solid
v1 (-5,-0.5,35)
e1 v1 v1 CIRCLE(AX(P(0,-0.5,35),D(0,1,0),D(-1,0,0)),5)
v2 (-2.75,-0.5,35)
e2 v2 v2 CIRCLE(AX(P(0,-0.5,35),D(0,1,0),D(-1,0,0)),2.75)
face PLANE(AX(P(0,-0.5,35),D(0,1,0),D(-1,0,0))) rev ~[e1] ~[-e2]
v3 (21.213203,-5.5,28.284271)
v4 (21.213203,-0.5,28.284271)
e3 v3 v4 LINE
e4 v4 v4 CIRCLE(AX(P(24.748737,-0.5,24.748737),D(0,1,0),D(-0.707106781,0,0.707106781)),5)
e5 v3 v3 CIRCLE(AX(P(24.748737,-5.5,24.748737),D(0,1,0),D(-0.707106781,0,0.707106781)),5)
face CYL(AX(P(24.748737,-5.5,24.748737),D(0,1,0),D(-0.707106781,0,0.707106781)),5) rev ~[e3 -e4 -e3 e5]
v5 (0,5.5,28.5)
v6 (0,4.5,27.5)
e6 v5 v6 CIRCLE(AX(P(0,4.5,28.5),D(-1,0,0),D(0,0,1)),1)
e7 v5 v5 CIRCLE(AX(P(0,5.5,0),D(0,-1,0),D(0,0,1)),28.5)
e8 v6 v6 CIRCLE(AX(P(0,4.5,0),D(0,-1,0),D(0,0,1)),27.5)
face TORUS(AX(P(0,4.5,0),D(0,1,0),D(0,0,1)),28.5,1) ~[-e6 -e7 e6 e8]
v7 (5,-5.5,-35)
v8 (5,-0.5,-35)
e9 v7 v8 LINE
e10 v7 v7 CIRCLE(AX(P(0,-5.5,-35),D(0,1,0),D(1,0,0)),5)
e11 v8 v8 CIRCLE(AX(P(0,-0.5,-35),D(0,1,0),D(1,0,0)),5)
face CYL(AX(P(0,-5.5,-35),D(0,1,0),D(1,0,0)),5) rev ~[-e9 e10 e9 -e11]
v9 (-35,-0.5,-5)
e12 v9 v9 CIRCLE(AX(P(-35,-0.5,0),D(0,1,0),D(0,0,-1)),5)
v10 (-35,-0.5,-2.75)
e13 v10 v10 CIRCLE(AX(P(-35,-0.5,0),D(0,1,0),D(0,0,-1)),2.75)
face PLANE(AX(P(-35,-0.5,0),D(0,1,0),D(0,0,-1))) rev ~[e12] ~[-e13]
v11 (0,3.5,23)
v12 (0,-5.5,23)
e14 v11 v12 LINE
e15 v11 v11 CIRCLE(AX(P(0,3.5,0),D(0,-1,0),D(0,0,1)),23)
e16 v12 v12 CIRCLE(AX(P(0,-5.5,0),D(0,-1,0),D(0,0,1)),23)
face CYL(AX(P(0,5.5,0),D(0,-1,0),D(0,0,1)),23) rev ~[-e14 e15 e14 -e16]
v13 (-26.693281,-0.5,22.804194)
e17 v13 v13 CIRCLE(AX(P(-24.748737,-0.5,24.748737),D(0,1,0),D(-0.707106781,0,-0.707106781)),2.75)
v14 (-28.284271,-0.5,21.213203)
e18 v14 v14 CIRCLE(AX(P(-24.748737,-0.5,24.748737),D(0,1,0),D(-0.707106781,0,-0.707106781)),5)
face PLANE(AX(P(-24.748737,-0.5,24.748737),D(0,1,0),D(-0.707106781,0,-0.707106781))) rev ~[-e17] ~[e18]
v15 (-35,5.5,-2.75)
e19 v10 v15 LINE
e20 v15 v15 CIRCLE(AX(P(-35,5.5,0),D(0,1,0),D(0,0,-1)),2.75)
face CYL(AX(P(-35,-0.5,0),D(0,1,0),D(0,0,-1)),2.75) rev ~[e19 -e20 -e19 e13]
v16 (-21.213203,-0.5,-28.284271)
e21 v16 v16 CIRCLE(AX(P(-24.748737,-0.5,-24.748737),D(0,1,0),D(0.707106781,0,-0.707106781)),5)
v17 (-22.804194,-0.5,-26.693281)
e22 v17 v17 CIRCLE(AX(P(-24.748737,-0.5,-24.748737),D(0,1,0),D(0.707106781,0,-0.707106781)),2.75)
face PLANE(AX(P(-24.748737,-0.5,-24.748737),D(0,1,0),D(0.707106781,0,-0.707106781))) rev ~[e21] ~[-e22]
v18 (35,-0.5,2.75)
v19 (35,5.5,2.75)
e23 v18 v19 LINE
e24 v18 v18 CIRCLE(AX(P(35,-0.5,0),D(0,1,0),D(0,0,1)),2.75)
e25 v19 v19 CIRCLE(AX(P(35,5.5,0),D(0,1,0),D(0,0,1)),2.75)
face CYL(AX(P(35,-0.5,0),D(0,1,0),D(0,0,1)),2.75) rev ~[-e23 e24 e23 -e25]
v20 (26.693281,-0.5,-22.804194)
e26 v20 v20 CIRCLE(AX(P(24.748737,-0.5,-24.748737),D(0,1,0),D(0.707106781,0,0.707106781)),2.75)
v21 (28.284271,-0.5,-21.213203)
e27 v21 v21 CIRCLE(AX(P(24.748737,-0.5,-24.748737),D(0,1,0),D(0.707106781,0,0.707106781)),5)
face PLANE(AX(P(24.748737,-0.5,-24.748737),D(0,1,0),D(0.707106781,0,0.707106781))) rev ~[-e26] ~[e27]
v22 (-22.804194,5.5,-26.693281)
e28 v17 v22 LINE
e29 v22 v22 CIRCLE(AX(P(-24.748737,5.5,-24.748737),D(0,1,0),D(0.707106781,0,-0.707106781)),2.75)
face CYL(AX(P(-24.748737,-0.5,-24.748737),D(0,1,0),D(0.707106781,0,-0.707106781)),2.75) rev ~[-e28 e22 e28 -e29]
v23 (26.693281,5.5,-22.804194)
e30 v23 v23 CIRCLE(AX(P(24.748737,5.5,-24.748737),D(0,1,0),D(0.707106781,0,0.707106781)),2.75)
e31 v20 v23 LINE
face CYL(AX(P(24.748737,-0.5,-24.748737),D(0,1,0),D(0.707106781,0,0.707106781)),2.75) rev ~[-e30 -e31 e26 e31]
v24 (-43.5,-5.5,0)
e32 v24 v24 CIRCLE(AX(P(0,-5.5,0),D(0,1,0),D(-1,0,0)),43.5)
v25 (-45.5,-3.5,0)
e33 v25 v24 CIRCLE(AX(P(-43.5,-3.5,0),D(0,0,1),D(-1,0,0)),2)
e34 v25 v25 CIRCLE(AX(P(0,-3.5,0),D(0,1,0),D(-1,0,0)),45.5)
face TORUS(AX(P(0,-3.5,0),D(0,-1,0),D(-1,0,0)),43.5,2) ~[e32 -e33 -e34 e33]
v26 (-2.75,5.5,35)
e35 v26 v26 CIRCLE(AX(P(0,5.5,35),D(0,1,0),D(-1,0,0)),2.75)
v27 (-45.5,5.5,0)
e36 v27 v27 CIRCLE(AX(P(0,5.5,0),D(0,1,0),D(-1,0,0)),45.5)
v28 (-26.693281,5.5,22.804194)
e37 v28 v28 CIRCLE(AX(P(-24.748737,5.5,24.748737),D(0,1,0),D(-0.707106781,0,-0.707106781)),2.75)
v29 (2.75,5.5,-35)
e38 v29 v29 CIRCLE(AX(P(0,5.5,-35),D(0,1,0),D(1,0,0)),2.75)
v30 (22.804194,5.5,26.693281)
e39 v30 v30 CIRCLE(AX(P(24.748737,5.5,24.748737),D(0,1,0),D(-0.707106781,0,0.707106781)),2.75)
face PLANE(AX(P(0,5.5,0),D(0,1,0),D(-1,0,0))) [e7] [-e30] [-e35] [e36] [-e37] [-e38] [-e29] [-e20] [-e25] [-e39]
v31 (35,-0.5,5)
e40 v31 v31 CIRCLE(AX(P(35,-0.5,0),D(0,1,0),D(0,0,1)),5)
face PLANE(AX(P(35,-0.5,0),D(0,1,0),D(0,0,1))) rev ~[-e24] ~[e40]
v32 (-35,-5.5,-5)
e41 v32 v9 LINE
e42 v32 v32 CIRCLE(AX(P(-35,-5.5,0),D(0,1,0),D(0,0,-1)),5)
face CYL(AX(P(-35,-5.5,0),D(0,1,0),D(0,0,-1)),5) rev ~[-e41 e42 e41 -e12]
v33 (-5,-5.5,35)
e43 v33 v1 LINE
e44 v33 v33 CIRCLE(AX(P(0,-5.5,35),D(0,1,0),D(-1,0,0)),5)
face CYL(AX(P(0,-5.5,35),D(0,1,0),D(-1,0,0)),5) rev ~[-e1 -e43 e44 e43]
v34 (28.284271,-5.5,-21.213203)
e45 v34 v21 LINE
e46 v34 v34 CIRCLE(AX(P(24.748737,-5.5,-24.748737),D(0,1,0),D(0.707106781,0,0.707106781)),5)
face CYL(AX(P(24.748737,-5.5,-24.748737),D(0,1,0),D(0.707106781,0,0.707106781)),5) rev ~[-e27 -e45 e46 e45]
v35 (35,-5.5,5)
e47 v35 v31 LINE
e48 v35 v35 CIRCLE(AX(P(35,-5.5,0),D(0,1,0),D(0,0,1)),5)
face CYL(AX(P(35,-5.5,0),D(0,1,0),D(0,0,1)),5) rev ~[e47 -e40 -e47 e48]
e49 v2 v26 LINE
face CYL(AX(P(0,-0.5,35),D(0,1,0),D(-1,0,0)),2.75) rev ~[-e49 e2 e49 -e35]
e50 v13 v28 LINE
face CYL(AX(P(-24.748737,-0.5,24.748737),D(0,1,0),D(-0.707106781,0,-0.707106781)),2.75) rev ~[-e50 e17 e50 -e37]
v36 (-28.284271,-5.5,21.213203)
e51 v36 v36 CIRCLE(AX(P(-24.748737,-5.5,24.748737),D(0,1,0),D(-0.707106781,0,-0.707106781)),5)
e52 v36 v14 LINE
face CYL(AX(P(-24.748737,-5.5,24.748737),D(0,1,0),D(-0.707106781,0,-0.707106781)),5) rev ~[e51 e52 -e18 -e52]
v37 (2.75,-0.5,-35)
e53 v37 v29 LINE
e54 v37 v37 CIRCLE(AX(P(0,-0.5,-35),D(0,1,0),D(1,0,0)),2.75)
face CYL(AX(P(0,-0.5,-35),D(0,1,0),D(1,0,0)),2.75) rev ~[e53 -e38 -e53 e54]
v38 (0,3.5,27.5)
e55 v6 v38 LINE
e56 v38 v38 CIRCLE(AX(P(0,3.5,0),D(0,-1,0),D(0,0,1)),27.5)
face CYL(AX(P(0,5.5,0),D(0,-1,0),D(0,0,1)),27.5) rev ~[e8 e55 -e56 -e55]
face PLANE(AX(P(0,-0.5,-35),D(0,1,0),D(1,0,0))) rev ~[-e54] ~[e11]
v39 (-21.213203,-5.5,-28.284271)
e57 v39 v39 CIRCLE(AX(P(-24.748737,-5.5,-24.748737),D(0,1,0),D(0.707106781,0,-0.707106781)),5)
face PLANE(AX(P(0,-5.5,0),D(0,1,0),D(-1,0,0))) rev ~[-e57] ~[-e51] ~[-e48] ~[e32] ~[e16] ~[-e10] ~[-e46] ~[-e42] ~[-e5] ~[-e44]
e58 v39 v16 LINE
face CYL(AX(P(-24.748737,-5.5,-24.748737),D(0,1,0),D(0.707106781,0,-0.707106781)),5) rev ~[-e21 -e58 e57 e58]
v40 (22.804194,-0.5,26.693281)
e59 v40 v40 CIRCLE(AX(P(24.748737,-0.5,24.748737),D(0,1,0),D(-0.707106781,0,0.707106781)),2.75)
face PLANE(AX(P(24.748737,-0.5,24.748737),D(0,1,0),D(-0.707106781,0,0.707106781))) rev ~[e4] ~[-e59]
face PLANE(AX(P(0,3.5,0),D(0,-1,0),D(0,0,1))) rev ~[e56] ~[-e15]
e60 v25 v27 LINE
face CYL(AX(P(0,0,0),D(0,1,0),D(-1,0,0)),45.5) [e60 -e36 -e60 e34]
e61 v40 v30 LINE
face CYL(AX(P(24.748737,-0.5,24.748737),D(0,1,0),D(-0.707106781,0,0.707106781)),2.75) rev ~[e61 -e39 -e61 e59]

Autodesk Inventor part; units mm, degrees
ref_plane "YZ Plane" through (0, 0, 0) normal (1, 0, 0) x (0, 1, 0)
ref_plane "XZ Plane" through (0, 0, 0) normal (0, 1, 0) x (-1, 0, 0)
ref_plane "XY Plane" through (0, 0, 0) normal (0, 0, 1) x (1, 0, 0)
sketch "Sketch1" plane through (0, 0, 0) normal (0, 1, 0) x (-1, 0, 0)
  circle A0 centre (0, 0) radius 45.5
  dimension "d0" = 91
extrude "Extrusion1" add sketch "Sketch1" along normal mid plane 11
fillet "Fillet1" radius 2 1 edges at (45.5, -5.5, 0)
hole "Hole1" at (0, 5.5, 0) direction (0, -1, 0) diameter 46 end through all
hole "Hole2" at (0, 5.5, 0) direction (0, -1, 0) diameter 55 depth 2
fillet "Fillet2" radius 1 1 edges at (0, 5.5, -27.5)
sketch "Sketch2" plane through (0, -5.5, 0) normal (0, 1, 0) x (1, 0, 0)
  line L0 (-35, 0) -> (0, 0) construction
  dimension "d23" = 35
hole "Hole3" at (-35, -5.5, 0) direction (0, 1, 0) diameter 5.5 end through all counterbore diameter 10 counterbore depth 5
pattern_circular "Circular Pattern2" count 8 over 360 about axis through (0, -123.6627, 0) along (0, 1, 0) of "Hole3"
properties part number "301-06" material "Stainless Steel"
